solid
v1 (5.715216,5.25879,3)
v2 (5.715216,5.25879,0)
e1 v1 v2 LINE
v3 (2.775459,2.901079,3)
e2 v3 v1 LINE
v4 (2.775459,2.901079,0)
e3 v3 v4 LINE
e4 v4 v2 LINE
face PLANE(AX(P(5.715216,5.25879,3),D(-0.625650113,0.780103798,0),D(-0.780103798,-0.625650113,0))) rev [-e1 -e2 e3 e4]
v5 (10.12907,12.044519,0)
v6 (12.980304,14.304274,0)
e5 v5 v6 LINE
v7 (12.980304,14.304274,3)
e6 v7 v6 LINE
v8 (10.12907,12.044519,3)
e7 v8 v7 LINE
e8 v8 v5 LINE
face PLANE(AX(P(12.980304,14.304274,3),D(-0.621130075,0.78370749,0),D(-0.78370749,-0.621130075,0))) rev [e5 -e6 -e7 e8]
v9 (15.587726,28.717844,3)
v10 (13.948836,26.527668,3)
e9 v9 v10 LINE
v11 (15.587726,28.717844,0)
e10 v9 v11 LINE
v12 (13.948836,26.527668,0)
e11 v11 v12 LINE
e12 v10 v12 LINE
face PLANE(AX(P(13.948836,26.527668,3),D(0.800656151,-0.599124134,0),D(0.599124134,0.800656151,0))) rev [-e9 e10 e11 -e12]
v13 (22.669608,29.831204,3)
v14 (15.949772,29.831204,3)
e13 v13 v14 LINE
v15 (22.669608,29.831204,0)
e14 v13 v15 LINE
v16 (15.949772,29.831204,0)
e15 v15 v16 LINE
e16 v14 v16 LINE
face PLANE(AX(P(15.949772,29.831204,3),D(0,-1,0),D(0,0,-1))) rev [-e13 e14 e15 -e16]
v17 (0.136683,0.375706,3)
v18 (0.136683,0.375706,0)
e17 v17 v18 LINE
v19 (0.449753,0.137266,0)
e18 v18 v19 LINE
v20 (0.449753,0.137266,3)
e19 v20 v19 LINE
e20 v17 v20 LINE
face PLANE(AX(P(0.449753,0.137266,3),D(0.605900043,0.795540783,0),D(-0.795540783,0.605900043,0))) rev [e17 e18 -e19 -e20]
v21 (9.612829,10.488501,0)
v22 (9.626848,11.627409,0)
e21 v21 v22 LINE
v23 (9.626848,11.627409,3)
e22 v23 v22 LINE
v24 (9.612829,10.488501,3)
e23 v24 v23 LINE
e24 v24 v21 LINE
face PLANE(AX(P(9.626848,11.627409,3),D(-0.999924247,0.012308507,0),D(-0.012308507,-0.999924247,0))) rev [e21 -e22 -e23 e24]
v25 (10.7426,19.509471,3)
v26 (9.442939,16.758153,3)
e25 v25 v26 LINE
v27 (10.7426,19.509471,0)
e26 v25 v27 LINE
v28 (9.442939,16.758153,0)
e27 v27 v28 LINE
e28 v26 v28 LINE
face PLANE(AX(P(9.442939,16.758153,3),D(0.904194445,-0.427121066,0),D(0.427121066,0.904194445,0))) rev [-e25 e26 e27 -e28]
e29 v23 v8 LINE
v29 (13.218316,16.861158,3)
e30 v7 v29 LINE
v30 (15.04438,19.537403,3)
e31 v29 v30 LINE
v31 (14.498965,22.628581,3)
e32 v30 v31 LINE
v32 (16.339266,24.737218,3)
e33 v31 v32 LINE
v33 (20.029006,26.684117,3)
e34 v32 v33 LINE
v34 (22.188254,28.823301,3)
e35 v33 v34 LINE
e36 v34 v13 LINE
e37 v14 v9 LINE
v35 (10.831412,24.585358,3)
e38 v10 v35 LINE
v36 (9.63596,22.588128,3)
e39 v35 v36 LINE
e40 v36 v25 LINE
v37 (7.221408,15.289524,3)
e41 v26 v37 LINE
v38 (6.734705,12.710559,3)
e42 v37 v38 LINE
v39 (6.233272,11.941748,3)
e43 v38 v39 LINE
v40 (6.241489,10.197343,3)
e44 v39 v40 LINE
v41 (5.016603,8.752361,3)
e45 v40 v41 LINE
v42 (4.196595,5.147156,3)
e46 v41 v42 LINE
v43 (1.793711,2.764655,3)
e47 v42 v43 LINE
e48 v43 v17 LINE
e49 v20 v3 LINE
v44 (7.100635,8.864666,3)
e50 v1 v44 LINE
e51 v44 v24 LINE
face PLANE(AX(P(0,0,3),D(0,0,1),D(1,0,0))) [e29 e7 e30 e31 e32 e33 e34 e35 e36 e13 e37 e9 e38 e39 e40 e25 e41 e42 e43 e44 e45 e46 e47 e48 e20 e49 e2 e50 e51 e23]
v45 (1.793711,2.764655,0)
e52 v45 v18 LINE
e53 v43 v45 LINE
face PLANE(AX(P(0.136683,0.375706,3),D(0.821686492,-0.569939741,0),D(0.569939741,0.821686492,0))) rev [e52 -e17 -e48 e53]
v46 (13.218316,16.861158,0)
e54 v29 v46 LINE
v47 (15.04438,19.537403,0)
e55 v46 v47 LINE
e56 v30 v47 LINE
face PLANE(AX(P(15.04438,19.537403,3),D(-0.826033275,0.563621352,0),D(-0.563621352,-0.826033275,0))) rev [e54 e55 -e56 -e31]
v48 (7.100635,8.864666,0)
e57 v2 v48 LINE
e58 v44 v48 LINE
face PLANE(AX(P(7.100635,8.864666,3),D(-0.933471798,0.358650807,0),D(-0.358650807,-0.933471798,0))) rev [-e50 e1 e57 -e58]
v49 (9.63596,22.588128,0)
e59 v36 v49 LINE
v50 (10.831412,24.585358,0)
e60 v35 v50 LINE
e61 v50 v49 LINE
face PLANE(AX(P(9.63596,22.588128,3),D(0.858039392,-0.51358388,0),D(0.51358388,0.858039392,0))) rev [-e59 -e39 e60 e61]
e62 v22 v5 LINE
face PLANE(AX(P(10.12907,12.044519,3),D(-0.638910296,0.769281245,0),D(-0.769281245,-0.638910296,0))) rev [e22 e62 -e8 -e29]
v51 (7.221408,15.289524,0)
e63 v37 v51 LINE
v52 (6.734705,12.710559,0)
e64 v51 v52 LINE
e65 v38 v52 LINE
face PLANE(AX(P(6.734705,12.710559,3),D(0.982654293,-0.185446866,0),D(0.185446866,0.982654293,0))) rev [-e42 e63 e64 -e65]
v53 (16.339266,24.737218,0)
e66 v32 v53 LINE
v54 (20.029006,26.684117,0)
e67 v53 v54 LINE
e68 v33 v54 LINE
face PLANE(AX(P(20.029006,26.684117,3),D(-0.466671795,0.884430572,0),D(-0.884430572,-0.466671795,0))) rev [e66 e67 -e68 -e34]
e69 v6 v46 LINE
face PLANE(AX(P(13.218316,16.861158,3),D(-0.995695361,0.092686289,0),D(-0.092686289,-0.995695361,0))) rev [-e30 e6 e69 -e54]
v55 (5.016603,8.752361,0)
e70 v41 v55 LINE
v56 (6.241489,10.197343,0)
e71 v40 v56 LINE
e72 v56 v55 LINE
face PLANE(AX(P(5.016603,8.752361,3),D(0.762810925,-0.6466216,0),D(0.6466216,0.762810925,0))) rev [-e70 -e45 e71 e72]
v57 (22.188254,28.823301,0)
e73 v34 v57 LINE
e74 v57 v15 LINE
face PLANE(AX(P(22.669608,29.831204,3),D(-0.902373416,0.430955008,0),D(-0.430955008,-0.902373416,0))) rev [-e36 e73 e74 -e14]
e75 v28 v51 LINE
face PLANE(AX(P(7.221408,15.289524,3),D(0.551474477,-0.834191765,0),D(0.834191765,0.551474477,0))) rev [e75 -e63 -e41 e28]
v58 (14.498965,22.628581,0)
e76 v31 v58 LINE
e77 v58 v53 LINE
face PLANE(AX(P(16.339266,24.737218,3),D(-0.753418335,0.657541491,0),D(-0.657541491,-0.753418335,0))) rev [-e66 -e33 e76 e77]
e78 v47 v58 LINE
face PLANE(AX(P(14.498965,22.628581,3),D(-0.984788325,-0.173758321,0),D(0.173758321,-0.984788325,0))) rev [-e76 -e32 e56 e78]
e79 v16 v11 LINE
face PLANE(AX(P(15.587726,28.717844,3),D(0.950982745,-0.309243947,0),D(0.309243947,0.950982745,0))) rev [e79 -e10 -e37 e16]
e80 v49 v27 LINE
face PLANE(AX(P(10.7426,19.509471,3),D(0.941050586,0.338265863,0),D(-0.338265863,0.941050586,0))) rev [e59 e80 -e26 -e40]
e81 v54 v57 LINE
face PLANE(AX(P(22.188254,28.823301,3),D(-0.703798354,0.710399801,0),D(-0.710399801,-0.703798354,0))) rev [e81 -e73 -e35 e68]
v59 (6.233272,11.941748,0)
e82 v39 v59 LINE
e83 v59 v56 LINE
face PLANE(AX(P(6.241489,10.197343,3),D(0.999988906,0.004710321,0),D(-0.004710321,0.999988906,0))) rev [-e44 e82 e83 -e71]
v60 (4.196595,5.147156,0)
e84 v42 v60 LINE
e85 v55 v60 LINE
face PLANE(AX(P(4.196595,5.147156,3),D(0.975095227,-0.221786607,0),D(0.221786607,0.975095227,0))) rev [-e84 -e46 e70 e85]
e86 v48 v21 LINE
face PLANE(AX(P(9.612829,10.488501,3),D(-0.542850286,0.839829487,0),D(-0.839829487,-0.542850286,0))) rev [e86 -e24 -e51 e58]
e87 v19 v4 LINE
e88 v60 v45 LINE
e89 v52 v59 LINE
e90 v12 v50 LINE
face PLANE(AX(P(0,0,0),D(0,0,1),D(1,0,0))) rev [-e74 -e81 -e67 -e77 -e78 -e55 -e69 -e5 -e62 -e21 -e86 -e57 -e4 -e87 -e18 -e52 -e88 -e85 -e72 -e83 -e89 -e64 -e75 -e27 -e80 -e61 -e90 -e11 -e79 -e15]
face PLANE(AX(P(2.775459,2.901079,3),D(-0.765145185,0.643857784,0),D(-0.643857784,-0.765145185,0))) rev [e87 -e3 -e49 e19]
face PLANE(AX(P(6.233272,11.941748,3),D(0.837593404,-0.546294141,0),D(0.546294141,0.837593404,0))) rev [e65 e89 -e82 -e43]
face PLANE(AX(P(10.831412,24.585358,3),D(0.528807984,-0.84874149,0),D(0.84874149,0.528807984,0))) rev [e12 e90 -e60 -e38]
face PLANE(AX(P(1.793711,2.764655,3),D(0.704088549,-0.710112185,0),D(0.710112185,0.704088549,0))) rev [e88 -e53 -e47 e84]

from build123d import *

# Parameters (mm, degrees)
AUFSATZ_LINEAR_AUSTRAGEN1_DEPTH = 3


with BuildPart() as part:
    # Model → Aufsatz-Linear austragen1 (new body)
    with BuildSketch(Plane.XY):
        Polygon((22.669608187, 29.831204), (22.188254495, 28.823301164), (20.029005709, 26.684117371), (16.339265868, 24.737217786), (14.498965151, 22.62858081), (15.044379603, 19.537403462), (13.218316497, 16.861158349), (12.980303819, 14.304274033), (10.129069723, 12.044518615), (9.626848101, 11.62740905), (9.612828785, 10.488501279), (7.100635351, 8.864665792), (5.715215665, 5.258790161), (2.775458884, 2.901079345), (0.449752745, 0.137265819), (0.136683146, 0.375705994), (1.793710632, 2.76465522), (4.196594718, 5.14715647), (5.0166029, 8.752360921), (6.241488931, 10.197342725), (6.233272131, 11.941748071), (6.734705117, 12.710559101), (7.221408343, 15.289524307), (9.442939213, 16.758152538), (10.742599947, 19.509470864), (9.635959583, 22.588127854), (10.831412224, 24.585358485), (13.948835588, 26.527667637), (15.587725571, 28.717843712), (15.949772024, 29.831204), align=None)
    extrude(amount=AUFSATZ_LINEAR_AUSTRAGEN1_DEPTH)


solid = part.part
